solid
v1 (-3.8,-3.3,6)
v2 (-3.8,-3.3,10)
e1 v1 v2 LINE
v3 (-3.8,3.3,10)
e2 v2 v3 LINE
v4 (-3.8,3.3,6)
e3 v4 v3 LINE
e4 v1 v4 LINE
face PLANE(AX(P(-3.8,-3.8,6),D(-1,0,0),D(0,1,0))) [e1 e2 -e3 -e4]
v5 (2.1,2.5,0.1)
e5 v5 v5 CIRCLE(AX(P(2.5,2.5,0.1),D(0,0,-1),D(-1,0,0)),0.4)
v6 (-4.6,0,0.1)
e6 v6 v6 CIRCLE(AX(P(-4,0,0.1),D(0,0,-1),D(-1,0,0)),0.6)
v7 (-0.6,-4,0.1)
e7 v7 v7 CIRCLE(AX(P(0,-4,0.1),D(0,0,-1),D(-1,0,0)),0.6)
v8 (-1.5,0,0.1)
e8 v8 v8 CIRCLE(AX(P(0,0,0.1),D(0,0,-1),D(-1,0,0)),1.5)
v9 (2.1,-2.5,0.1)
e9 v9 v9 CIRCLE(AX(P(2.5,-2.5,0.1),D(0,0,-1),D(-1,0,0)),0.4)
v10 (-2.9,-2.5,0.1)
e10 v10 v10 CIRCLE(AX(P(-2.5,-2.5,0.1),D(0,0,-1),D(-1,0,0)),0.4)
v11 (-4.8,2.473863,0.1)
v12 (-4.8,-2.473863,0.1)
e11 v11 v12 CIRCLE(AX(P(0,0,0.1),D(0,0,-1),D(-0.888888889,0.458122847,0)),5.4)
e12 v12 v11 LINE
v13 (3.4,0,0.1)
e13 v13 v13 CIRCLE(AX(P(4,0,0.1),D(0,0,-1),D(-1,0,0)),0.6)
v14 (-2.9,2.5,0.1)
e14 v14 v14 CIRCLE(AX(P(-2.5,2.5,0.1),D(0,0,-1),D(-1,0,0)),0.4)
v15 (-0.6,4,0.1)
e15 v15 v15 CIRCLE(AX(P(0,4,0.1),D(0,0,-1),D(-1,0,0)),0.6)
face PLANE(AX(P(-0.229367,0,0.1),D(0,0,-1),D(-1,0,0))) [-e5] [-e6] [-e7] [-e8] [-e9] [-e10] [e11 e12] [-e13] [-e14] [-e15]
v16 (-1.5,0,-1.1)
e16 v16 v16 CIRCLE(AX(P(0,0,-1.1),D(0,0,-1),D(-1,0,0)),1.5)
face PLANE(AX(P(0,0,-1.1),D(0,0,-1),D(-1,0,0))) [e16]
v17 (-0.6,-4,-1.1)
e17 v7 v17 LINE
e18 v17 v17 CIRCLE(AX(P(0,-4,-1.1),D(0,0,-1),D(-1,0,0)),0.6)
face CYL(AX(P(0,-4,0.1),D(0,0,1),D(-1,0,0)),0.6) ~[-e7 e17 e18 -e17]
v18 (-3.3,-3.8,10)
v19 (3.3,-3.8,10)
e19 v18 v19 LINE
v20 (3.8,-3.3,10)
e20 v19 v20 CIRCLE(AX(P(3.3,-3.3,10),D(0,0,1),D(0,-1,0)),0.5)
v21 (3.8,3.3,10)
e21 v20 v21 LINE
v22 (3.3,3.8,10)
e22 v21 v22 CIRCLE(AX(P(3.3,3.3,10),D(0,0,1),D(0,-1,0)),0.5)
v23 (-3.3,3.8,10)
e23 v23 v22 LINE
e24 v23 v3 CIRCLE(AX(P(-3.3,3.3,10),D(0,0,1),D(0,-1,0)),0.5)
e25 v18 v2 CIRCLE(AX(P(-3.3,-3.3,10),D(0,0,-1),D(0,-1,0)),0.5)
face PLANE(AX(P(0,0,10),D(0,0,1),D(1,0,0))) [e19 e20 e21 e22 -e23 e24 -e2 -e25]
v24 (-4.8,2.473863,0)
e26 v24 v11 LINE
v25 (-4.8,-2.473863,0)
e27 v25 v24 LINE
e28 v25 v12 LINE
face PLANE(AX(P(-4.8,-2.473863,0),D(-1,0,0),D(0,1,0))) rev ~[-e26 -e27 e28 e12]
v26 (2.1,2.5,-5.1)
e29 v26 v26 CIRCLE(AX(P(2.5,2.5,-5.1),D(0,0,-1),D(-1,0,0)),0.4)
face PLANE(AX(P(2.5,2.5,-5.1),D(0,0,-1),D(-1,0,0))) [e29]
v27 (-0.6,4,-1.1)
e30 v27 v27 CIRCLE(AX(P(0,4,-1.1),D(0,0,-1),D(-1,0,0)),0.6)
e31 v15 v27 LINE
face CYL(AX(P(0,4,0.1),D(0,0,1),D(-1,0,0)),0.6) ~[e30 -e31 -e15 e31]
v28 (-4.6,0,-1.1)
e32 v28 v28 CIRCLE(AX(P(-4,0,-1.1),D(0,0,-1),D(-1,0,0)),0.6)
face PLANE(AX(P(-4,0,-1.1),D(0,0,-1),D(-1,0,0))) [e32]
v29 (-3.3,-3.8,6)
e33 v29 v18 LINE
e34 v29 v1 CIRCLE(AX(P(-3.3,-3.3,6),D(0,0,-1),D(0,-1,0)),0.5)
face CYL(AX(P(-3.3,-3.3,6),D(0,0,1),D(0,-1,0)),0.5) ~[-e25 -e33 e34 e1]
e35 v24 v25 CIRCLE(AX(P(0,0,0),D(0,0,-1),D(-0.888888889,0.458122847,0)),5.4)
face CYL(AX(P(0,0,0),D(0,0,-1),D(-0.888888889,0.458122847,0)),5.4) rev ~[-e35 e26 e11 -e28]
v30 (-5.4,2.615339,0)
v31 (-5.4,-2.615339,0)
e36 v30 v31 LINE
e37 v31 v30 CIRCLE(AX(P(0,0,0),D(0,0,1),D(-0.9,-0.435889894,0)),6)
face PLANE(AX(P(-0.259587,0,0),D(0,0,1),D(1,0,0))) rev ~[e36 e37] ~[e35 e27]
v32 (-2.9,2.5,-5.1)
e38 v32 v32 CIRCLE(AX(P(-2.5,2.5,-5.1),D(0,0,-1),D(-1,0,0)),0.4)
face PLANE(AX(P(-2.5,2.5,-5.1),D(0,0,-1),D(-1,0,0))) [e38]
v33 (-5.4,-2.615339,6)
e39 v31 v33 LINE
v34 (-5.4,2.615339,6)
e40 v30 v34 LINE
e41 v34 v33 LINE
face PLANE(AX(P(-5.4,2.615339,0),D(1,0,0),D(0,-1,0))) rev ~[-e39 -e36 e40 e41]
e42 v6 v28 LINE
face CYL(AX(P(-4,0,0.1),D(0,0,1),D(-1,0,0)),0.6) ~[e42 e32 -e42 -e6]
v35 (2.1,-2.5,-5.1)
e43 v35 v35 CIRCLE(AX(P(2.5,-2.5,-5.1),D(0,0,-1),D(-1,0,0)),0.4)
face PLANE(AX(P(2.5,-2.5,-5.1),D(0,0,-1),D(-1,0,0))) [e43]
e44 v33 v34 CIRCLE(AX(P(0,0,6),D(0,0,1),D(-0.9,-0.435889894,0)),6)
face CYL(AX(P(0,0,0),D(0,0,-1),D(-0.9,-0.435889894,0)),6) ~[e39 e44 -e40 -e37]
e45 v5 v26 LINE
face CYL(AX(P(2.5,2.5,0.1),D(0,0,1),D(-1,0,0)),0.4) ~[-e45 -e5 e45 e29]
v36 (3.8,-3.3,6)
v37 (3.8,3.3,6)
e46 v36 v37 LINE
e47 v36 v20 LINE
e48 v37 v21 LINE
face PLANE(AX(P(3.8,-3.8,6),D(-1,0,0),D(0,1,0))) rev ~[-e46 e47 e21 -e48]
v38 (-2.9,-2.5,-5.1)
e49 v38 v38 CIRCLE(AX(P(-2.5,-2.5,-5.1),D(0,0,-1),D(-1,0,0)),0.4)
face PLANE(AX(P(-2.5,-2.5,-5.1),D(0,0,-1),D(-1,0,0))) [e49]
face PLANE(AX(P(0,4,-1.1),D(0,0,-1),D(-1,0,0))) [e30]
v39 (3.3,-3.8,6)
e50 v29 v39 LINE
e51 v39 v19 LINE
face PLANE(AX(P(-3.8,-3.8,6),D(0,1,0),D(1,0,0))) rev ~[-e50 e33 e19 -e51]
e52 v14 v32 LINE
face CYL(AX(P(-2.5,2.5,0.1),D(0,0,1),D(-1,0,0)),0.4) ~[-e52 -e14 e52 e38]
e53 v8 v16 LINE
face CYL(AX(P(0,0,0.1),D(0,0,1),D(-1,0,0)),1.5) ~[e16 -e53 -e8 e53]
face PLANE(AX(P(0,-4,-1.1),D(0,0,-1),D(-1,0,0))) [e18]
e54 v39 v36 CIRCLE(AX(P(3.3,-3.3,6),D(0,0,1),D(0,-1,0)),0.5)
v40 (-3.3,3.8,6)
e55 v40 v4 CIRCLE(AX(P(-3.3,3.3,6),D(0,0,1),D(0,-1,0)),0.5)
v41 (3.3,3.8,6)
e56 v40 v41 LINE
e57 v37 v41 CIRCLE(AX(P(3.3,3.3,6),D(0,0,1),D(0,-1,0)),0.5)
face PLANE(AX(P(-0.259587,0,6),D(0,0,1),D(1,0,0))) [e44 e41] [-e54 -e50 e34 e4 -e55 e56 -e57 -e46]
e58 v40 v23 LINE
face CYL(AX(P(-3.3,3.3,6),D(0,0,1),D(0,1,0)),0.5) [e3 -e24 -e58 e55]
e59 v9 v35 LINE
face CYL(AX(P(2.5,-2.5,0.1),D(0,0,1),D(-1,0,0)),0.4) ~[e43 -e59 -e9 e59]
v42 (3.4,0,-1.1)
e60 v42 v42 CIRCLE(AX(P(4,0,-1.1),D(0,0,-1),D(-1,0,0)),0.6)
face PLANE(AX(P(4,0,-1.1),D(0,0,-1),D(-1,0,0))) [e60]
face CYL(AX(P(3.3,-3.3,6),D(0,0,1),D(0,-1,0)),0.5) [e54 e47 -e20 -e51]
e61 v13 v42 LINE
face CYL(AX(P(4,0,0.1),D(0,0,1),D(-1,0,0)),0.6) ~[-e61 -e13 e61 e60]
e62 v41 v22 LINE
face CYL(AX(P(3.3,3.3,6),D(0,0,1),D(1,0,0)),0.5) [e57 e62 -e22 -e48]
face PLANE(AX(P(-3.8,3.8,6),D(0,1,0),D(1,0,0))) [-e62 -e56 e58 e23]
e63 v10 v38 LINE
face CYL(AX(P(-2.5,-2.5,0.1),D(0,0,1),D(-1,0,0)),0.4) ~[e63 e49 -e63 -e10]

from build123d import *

# Parameters (mm, degrees)
BOSS_EXTRU_1_DEPTH      = 6
ESQUISSE2_W             = 7.6
ESQUISSE2_H             = 7.6
BOSS_EXTRU_2_DEPTH      = 4
ENL_V_MAT_EXTRU_1_DEPTH = 0.1
ESQUISSE4_R             = 1.5
ESQUISSE4_R_2           = 0.6
BOSS_EXTRU_4_DEPTH      = 1.2
ESQUISSE5_R             = 0.4
BOSS_EXTRU_5_DEPTH      = 5.2
CONG_1_R                = 0.5


with BuildPart() as part:
    # Esquisse1 → Boss.-Extru.1 (new body)
    with BuildSketch(Plane.XY):
        with BuildLine():
            Line((-5.4, 2.615339366), (-5.4, -2.615339366))
            ThreePointArc((-5.4, -2.615339366), (6, 0), (-5.4, 2.615339366))
        make_face()
    extrude(amount=BOSS_EXTRU_1_DEPTH)

    # Esquisse2 → Boss.-Extru.2 (add)
    with BuildSketch(Plane.XY.offset(6)):
        Rectangle(ESQUISSE2_W, ESQUISSE2_H)
    extrude(amount=BOSS_EXTRU_2_DEPTH)

    # Esquisse3 → Enlèv. mat.-Extru.1 (cut)
    with BuildSketch(Plane(origin=(0, 0, 0), x_dir=(-1, 0, 0), z_dir=(0, 0, -1))):
        with BuildLine():
            Line((4.8, -2.473863375), (4.8, 2.473863375))
            ThreePointArc((4.8, 2.473863375), (-5.4, 0), (4.8, -2.473863375))
        make_face()
    extrude(amount=-ENL_V_MAT_EXTRU_1_DEPTH, mode=Mode.SUBTRACT)

    # Esquisse4 → Boss.-Extru.4 (add)
    with BuildSketch(Plane(origin=(0, 0, 0.1), x_dir=(-1, 0, 0), z_dir=(0, 0, -1))):
        Circle(ESQUISSE4_R)
        with Locations((0, -4)):
            Circle(ESQUISSE4_R_2)
        with Locations((-4, 0)):
            Circle(ESQUISSE4_R_2)
        with Locations((0, 4)):
            Circle(ESQUISSE4_R_2)
        with Locations((4, 0)):
            Circle(ESQUISSE4_R_2)
    extrude(amount=BOSS_EXTRU_4_DEPTH)

    # Esquisse5 → Boss.-Extru.5 (add)
    with BuildSketch(Plane(origin=(0, 0, 0.1), x_dir=(-1, 0, 0), z_dir=(0, 0, -1))):
        with Locations((2.5, -2.5)):
            Circle(ESQUISSE5_R)
        with Locations((-2.5, -2.5)):
            Circle(ESQUISSE5_R)
        with Locations((-2.5, 2.5)):
            Circle(ESQUISSE5_R)
        with Locations((2.5, 2.5)):
            Circle(ESQUISSE5_R)
    extrude(amount=BOSS_EXTRU_5_DEPTH)

    # Congé1
    cong_1_edges = [part.edges().sort_by_distance(p)[0] for p in [
        (3.8, -3.8, 8),
        (3.8, 3.8, 8),
        (-3.8, 3.8, 8),
        (-3.8, -3.8, 8),
    ]]
    fillet(cong_1_edges, radius=CONG_1_R)


solid = part.part
